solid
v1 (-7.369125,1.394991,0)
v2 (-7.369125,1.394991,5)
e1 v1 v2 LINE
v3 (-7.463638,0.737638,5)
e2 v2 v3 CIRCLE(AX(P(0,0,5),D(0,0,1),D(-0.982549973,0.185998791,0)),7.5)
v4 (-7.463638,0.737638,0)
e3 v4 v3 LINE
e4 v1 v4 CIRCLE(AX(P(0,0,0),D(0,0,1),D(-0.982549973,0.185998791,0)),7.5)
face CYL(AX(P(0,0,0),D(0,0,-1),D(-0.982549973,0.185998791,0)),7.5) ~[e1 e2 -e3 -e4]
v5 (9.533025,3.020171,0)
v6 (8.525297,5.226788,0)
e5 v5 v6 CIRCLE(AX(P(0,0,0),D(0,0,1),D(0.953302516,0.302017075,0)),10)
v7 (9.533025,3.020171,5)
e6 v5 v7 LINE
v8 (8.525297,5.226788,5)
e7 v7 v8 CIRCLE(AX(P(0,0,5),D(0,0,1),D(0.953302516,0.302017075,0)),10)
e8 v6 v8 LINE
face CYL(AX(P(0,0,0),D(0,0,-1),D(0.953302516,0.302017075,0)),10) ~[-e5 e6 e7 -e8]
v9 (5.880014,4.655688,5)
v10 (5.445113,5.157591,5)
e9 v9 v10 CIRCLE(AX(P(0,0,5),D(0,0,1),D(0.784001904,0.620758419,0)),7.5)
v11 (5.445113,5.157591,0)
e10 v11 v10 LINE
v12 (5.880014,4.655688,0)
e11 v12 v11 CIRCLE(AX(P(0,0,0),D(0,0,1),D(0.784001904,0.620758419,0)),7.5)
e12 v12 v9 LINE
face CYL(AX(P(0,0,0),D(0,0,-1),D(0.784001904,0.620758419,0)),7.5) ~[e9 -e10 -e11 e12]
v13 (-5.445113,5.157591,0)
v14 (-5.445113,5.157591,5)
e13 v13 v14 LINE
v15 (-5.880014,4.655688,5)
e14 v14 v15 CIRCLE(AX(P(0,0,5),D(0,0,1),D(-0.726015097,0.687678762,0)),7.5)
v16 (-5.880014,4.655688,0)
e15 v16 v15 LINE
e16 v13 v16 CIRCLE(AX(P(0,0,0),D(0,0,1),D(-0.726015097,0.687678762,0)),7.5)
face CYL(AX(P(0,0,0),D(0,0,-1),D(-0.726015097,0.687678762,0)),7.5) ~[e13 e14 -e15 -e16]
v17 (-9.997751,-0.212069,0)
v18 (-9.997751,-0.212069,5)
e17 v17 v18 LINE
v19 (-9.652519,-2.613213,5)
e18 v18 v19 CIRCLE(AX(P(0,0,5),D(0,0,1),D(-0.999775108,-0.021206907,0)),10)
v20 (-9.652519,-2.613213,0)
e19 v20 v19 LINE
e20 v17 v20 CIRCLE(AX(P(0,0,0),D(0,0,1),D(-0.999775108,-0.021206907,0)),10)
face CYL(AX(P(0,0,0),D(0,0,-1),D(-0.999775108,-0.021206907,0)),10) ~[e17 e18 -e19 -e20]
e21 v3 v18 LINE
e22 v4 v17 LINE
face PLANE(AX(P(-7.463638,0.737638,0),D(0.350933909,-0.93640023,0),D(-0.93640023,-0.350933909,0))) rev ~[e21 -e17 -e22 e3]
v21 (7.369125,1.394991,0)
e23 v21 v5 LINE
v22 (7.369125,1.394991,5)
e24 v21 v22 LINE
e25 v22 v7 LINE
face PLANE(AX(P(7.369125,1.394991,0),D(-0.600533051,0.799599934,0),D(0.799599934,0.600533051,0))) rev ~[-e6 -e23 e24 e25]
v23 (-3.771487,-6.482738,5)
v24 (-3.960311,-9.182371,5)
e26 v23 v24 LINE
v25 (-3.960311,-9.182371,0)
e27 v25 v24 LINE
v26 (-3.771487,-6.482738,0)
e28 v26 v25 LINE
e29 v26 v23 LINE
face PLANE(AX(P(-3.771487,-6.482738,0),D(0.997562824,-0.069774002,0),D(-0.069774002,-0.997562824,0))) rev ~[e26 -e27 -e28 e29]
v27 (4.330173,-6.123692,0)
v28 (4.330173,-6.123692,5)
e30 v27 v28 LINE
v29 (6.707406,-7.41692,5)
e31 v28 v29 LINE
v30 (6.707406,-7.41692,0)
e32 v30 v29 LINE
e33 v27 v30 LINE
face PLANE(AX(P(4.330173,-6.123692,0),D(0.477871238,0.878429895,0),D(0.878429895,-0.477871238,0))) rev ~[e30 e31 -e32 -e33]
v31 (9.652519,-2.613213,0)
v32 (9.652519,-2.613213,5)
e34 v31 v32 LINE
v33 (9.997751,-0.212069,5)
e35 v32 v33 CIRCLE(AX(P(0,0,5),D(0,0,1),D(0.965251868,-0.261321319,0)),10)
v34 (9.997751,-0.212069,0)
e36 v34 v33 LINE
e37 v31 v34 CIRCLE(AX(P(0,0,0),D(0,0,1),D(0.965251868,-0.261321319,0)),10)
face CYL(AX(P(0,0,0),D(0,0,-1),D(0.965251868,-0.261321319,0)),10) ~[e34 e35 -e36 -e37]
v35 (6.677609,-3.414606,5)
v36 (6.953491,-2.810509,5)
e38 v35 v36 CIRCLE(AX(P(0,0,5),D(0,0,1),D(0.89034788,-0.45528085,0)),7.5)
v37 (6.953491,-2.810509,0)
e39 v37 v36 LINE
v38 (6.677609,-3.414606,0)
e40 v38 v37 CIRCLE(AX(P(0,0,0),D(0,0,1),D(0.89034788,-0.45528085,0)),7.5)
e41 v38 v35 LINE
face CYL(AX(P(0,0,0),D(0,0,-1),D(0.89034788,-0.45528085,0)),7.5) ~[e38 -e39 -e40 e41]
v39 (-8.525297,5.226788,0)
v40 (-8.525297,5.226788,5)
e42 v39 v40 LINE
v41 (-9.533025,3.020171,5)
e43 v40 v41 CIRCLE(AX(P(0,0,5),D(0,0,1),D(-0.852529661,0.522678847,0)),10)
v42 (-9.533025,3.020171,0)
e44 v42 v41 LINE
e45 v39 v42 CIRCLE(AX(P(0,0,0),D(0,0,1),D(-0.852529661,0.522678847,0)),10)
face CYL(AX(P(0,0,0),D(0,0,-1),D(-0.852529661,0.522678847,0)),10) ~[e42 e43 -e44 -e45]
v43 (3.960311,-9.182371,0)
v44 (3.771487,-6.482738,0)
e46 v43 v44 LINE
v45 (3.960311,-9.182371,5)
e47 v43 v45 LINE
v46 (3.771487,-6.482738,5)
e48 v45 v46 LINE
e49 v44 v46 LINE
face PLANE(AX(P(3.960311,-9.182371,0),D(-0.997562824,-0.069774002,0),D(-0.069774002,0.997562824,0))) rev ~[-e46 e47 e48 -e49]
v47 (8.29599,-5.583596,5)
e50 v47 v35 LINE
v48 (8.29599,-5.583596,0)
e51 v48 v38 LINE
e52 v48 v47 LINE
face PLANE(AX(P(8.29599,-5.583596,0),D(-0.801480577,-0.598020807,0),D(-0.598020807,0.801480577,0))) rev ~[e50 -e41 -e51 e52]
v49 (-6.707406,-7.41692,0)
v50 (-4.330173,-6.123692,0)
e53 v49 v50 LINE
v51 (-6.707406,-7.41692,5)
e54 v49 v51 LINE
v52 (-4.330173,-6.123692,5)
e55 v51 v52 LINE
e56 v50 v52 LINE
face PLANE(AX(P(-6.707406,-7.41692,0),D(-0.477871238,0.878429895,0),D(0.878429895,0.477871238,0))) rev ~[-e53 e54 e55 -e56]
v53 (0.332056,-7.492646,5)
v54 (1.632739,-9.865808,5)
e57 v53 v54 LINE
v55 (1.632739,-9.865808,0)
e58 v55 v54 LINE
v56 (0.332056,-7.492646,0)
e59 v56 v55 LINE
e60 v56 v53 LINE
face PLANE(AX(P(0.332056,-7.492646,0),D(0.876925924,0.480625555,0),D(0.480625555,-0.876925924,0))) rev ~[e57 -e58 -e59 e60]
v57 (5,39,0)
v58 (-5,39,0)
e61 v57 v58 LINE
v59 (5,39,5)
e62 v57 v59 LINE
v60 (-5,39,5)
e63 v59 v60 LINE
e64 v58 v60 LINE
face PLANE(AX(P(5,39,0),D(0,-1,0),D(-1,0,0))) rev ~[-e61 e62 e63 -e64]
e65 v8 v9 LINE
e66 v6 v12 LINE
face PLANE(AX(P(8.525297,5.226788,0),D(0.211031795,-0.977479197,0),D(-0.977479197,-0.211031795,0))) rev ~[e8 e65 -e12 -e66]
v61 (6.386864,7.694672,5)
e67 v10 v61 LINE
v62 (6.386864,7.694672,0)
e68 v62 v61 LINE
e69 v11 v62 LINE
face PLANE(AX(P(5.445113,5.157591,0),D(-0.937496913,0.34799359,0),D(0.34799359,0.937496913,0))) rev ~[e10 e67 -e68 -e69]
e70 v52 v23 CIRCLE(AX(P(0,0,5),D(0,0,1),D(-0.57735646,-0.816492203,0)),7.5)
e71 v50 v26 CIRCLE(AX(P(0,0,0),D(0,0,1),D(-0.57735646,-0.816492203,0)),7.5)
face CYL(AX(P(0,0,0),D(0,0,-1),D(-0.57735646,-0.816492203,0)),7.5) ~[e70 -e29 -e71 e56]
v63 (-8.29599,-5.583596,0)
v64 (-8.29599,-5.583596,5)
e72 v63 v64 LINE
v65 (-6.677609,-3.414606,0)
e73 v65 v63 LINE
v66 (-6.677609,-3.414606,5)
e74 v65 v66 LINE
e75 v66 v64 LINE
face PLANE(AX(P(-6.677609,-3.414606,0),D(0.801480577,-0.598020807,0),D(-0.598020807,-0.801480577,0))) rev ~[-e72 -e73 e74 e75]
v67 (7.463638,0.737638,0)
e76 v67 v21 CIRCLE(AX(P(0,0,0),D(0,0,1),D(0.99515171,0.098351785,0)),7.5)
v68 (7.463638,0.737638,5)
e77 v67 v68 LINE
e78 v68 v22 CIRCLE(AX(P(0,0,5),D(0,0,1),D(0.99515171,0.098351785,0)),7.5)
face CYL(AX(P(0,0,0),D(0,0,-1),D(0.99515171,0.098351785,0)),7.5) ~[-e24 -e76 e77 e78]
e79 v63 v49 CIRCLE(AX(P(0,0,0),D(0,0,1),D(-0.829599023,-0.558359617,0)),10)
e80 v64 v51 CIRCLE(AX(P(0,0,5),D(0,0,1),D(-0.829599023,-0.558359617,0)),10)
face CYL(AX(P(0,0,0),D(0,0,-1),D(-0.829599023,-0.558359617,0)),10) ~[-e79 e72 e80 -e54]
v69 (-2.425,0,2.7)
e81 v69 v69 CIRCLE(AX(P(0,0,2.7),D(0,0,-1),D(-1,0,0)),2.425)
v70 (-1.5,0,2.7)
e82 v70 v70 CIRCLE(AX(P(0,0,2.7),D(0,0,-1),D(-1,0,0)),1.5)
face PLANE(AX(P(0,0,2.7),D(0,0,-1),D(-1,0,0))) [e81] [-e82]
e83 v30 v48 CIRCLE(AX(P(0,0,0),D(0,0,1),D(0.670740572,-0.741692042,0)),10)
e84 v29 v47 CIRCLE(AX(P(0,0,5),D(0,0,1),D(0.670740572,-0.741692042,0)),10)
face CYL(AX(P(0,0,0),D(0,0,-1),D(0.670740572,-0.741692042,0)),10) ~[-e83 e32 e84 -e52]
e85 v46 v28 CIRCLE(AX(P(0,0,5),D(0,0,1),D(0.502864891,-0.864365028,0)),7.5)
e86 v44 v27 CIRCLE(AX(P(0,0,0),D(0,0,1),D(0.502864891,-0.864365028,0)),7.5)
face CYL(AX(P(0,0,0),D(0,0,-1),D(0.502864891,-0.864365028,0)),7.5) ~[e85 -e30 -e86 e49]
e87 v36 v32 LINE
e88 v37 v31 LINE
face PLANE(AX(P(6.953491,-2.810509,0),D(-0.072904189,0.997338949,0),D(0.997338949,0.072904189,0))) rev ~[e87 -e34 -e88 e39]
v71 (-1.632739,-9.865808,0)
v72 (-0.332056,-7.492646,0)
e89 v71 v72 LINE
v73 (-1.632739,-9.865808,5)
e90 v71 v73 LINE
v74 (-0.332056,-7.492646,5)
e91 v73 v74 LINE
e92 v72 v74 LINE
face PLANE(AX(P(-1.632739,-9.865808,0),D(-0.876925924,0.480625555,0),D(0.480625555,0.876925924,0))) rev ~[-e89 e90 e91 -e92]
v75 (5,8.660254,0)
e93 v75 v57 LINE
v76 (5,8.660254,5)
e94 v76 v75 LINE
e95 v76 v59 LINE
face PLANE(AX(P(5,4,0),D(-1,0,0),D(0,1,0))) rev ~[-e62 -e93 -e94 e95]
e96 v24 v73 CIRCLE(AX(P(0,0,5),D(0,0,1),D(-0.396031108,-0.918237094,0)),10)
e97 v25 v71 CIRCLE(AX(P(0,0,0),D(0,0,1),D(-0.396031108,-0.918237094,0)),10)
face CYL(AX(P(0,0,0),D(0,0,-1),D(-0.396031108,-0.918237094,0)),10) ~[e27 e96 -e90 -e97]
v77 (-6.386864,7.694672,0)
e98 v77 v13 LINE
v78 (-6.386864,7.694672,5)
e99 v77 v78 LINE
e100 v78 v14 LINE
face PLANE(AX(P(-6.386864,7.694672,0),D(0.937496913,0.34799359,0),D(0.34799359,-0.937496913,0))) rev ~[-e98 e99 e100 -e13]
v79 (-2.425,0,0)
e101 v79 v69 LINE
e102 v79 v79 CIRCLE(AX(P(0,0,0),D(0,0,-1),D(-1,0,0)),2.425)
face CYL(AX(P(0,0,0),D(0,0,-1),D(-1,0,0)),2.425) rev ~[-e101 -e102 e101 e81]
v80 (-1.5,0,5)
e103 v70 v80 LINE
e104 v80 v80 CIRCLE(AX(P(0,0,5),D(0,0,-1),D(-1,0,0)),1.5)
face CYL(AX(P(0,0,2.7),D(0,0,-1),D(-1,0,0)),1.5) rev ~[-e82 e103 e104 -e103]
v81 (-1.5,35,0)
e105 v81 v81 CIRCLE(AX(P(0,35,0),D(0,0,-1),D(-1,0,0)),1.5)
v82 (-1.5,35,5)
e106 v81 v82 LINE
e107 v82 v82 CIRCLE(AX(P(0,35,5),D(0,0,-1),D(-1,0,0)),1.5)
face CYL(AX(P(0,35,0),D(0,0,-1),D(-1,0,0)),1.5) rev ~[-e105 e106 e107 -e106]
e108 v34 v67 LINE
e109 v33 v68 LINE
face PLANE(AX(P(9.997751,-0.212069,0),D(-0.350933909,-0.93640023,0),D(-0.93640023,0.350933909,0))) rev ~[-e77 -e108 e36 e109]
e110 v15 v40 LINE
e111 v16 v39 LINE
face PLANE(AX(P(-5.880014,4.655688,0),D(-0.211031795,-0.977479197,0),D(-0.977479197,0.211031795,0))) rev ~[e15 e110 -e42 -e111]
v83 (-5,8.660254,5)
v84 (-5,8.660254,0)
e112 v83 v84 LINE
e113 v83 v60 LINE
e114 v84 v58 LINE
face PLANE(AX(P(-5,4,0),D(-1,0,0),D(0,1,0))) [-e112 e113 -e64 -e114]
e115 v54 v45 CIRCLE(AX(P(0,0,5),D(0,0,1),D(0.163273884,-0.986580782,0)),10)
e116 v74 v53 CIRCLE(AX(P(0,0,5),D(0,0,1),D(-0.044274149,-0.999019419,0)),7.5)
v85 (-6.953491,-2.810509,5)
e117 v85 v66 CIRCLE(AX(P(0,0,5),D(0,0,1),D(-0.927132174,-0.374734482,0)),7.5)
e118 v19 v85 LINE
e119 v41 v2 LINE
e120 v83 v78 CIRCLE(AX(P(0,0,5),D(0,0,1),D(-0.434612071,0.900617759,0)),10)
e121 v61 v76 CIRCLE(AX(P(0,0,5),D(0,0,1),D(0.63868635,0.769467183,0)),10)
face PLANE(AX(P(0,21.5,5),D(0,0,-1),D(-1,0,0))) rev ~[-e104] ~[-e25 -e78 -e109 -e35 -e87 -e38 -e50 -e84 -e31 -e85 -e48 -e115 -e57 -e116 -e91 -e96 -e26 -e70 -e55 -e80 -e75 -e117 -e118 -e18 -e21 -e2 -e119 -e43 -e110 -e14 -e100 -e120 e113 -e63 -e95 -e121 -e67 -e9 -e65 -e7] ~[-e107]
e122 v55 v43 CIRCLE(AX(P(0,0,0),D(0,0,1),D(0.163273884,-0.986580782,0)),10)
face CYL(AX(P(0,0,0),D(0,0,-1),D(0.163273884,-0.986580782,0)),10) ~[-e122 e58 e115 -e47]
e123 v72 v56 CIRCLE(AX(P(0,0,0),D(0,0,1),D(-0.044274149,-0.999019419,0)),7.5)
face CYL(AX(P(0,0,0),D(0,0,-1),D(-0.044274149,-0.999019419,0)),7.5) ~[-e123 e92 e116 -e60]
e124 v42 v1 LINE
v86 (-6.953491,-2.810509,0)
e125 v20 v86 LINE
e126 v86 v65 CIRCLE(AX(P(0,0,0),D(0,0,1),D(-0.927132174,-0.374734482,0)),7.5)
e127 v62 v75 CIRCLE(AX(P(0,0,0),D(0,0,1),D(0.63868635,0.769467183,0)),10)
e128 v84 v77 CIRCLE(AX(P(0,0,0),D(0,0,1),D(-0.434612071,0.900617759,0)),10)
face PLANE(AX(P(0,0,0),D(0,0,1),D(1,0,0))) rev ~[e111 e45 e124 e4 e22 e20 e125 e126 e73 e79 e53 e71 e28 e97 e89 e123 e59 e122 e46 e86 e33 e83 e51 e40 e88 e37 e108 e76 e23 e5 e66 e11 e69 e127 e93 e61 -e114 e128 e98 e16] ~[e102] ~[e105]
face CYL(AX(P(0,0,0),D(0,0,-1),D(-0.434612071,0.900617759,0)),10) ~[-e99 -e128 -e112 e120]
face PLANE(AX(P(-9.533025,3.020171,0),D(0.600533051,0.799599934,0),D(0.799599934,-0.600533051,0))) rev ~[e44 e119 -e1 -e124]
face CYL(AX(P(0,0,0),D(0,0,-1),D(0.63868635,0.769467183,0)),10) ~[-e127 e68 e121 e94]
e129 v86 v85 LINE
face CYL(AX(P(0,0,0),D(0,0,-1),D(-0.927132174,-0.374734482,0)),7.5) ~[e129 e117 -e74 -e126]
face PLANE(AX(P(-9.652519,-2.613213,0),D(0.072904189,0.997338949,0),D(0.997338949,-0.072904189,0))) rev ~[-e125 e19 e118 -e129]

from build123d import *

# Parameters (mm, degrees)
BOSS_EXTRUDE1_DEPTH = 5
SKETCH5_R           = 2.425
CUT_EXTRUDE2_DEPTH  = 2.7
SKETCH6_R           = 1.5
CUT_EXTRUDE3_DEPTH  = 12
SKETCH7_W           = 10
SKETCH7_H           = 35
BOSS_EXTRUDE3_DEPTH = 5
SKETCH8_R           = 1.5
CUT_EXTRUDE4_DEPTH  = 12


with BuildPart() as part:
    # Sketch1 → Boss-Extrude1 (new body)
    with BuildSketch(Plane.XY):
        with BuildLine():
            Line((-1.212917817, 9.926168967), (-1.792316692, 7.28269187))
            ThreePointArc((-1.792316692, 7.28269187), (-2.112994176, 7.196197302), (-2.429527737, 7.095589826))
            Line((-2.429527737, 7.095589826), (-4.346120706, 9.006177592))
            ThreePointArc((-4.346120706, 9.006177592), (-5.406408175, 8.412535328), (-6.386863504, 7.694671831))
            Line((-6.386863504, 7.694671831), (-5.445113235, 5.157590703))
            ThreePointArc((-5.445113235, 5.157590703), (-5.668121808, 4.911455505), (-5.880014276, 4.655688147))
            Line((-5.880014276, 4.655688147), (-8.525296613, 5.226788465))
            ThreePointArc((-8.525296613, 5.226788465), (-9.096319954, 4.15415013), (-9.533025155, 3.020170756))
            Line((-9.533025155, 3.020170756), (-7.369124799, 1.394990929))
            ThreePointArc((-7.369124799, 1.394990929), (-7.423660814, 1.067361287), (-7.463637828, 0.737638377))
            Line((-7.463637828, 0.737638377), (-9.997751083, -0.212069068))
            ThreePointArc((-9.997751083, -0.212069068), (-9.898214419, -1.423148383), (-9.652518677, -2.613213194))
            Line((-9.652518677, -2.613213194), (-6.953491308, -2.810508608))
            ThreePointArc((-6.953491308, -2.810508608), (-6.822239965, -3.115612598), (-6.677609105, -3.414606366))
            Line((-6.677609105, -3.414606366), (-8.295990224, -5.583596171))
            ThreePointArc((-8.295990224, -5.583596171), (-7.557495744, -6.548607339), (-6.70740572, -7.416920419))
            Line((-6.70740572, -7.416920419), (-4.330173457, -6.12369152))
            ThreePointArc((-4.330173457, -6.12369152), (-4.054806131, -6.309401496), (-3.771486674, -6.482737714))
            Line((-3.771486674, -6.482737714), (-3.960311086, -9.182370941))
            ThreePointArc((-3.960311086, -9.182370941), (-2.817325568, -9.594929736), (-1.63273884, -9.865807817))
            Line((-1.63273884, -9.865807817), (-0.332056129, -7.492645643))
            ThreePointArc((-0.332056129, -7.492645643), (0, -7.5), (0.332056129, -7.492645643))
            Line((0.332056129, -7.492645643), (1.63273884, -9.865807817))
            ThreePointArc((1.63273884, -9.865807817), (2.817325568, -9.594929736), (3.960311086, -9.182370941))
            Line((3.960311086, -9.182370941), (3.771486674, -6.482737714))
            ThreePointArc((3.771486674, -6.482737714), (4.054806131, -6.309401496), (4.330173457, -6.12369152))
            Line((4.330173457, -6.12369152), (6.70740572, -7.416920419))
            ThreePointArc((6.70740572, -7.416920419), (7.557495744, -6.548607339), (8.295990224, -5.583596171))
            Line((8.295990224, -5.583596171), (6.677609105, -3.414606366))
            ThreePointArc((6.677609105, -3.414606366), (6.822239965, -3.115612598), (6.953491308, -2.810508608))
            Line((6.953491308, -2.810508608), (9.652518677, -2.613213194))
            ThreePointArc((9.652518677, -2.613213194), (9.898214419, -1.423148383), (9.997751083, -0.212069068))
            Line((9.997751083, -0.212069068), (7.463637828, 0.737638377))
            ThreePointArc((7.463637828, 0.737638377), (7.423660814, 1.067361287), (7.369124799, 1.394990929))
            Line((7.369124799, 1.394990929), (9.533025155, 3.020170756))
            ThreePointArc((9.533025155, 3.020170756), (9.096319954, 4.15415013), (8.525296613, 5.226788465))
            Line((8.525296613, 5.226788465), (5.880014276, 4.655688147))
            ThreePointArc((5.880014276, 4.655688147), (5.668121808, 4.911455505), (5.445113235, 5.157590703))
            Line((5.445113235, 5.157590703), (6.386863504, 7.694671831))
            ThreePointArc((6.386863504, 7.694671831), (5.406408175, 8.412535328), (4.346120706, 9.006177592))
            Line((4.346120706, 9.006177592), (2.429527737, 7.095589826))
            ThreePointArc((2.429527737, 7.095589826), (2.112994176, 7.196197302), (1.792316692, 7.28269187))
            Line((1.792316692, 7.28269187), (1.212917817, 9.926168967))
            ThreePointArc((1.212917817, 9.926168967), (0, 10), (-1.212917817, 9.926168967))
        make_face()
    extrude(amount=BOSS_EXTRUDE1_DEPTH)

    # Sketch5 → Cut-Extrude2 (cut)
    with BuildSketch(Plane(origin=(0, 0, 0), x_dir=(-1, 0, 0), z_dir=(0, 0, -1))):
        Circle(SKETCH5_R)
    extrude(amount=-CUT_EXTRUDE2_DEPTH, mode=Mode.SUBTRACT)

    # Sketch6 → Cut-Extrude3 (cut)
    with BuildSketch(Plane(origin=(0, 0, 2.7), x_dir=(-1, 0, 0), z_dir=(0, 0, -1))):
        Circle(SKETCH6_R)
    extrude(amount=-CUT_EXTRUDE3_DEPTH, mode=Mode.SUBTRACT)

    # Sketch7 → Boss-Extrude3 (add)
    with BuildSketch(Plane(origin=(0, 0, 0), x_dir=(-1, 0, 0), z_dir=(0, 0, -1))):
        with Locations((0, 21.5)):
            Rectangle(SKETCH7_W, SKETCH7_H)
    extrude(amount=-BOSS_EXTRUDE3_DEPTH)

    # Sketch8 → Cut-Extrude4 (cut)
    with BuildSketch(Plane(origin=(0, 0, 0), x_dir=(-1, 0, 0), z_dir=(0, 0, -1))):
        with Locations((0, 35)):
            Circle(SKETCH8_R)
    extrude(amount=-CUT_EXTRUDE4_DEPTH, mode=Mode.SUBTRACT)


solid = part.part
